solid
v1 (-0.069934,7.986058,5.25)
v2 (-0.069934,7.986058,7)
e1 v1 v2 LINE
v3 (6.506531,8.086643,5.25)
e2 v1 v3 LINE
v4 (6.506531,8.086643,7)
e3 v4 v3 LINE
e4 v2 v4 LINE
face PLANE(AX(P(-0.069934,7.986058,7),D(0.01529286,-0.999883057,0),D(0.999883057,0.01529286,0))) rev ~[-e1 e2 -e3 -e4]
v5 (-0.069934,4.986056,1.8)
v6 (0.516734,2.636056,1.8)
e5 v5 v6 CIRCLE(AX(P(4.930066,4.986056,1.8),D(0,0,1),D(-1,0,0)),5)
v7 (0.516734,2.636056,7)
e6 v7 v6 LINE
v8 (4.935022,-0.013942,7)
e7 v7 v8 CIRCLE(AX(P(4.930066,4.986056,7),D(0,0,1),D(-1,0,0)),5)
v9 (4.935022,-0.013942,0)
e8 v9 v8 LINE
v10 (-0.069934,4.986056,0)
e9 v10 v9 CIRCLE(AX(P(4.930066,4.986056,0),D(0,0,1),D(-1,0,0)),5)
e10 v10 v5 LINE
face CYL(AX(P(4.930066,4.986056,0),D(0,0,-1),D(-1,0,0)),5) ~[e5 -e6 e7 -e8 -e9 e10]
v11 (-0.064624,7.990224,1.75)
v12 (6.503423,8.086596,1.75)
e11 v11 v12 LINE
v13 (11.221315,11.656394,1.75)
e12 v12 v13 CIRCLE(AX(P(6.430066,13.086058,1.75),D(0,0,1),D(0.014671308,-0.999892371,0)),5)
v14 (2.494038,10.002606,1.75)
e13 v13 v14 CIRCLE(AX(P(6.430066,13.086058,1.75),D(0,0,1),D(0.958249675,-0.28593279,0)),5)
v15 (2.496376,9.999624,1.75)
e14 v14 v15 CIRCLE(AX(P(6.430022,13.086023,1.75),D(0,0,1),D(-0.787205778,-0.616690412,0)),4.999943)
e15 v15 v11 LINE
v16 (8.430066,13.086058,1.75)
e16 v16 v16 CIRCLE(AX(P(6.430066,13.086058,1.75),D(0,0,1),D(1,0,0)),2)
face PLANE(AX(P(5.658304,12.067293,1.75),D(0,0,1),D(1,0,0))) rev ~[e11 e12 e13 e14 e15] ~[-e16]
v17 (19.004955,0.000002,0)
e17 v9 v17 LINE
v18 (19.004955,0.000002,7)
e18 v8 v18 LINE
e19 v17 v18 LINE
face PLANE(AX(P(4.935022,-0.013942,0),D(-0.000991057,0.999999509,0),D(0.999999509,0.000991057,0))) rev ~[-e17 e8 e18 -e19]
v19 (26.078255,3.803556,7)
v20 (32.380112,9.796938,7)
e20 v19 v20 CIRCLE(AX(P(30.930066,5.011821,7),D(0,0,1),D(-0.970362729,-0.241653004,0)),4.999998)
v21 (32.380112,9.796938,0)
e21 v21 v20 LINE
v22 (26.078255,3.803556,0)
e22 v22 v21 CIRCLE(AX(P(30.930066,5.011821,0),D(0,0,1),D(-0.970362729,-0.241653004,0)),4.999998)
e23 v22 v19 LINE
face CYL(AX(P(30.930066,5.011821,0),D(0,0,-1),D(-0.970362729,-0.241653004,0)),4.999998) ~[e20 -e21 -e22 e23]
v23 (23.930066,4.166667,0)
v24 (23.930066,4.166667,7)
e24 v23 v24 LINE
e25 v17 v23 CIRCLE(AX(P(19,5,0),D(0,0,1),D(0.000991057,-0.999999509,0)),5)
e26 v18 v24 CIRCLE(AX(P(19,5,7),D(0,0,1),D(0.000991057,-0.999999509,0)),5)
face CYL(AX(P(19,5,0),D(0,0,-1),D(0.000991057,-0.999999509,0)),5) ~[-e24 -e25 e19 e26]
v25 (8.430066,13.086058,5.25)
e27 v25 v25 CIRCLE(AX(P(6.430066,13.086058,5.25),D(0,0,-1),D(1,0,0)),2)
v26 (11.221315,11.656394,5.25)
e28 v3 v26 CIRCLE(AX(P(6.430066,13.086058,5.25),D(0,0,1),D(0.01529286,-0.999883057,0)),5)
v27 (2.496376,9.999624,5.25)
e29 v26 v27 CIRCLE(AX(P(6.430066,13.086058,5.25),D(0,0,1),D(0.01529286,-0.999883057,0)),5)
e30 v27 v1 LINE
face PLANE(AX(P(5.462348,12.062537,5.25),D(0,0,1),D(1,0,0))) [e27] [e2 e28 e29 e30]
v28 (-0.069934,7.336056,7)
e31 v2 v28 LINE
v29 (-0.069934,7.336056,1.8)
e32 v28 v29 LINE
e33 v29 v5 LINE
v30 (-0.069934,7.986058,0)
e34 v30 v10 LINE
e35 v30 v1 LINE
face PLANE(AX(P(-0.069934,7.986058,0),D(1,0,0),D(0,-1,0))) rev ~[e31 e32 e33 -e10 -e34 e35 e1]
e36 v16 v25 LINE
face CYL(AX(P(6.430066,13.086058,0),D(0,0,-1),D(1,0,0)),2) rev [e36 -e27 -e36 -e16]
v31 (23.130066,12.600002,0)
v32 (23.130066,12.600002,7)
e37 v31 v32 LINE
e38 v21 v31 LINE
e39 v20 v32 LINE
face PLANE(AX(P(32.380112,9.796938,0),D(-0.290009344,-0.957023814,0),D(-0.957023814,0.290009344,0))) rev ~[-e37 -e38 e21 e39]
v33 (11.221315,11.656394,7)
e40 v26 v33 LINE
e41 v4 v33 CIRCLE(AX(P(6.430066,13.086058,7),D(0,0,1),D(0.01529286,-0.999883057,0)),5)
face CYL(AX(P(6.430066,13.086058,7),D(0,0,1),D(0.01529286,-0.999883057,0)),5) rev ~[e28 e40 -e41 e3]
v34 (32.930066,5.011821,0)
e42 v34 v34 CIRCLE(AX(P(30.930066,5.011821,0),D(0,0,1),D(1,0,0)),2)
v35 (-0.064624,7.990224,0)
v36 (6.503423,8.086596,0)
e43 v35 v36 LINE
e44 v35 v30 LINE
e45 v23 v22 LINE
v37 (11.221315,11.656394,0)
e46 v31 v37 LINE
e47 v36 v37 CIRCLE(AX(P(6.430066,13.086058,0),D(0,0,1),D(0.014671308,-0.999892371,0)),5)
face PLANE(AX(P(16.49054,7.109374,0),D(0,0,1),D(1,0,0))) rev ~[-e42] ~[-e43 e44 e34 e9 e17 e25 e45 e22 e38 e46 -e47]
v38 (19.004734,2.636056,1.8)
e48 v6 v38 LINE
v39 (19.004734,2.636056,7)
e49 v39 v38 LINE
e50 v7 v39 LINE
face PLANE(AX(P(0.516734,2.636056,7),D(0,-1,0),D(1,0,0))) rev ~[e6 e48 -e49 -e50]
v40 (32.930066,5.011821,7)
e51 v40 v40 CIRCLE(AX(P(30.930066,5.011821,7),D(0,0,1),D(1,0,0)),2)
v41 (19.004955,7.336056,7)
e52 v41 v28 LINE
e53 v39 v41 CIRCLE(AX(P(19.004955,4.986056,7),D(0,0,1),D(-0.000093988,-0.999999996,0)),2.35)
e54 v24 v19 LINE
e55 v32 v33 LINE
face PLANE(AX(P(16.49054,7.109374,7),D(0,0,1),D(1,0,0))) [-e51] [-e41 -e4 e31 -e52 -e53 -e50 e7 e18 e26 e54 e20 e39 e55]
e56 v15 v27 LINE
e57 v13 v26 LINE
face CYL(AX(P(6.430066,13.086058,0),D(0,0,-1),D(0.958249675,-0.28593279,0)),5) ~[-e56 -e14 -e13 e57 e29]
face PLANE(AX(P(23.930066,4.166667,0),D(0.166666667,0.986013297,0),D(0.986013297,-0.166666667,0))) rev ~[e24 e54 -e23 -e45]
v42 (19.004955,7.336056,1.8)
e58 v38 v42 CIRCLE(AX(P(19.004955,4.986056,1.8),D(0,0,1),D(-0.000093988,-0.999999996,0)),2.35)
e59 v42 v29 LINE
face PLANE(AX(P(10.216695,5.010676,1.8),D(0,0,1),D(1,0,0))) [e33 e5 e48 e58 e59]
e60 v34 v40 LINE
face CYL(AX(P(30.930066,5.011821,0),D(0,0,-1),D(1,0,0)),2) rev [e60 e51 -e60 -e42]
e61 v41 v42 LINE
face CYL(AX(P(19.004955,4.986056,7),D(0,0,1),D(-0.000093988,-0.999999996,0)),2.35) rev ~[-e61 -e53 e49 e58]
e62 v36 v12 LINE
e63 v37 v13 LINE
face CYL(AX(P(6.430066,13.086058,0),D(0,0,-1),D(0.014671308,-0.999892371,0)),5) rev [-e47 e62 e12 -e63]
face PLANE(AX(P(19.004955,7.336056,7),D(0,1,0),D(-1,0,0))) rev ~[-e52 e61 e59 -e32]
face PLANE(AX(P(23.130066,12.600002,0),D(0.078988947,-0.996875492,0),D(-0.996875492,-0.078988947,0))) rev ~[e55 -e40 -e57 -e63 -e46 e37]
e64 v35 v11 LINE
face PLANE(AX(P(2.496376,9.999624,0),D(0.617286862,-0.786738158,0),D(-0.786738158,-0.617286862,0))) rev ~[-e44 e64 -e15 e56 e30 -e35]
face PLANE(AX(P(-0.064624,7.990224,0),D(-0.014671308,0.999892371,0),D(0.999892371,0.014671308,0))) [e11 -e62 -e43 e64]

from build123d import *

# Parameters (mm, degrees)
F0_R     = 2
F1_DEPTH = 7
F3_DEPTH = 5.2
F4_R     = 2
F5_DEPTH = 1.75
F7_DEPTH = 1.75


with BuildPart() as f1:
    # F0 (on Top) → F1 (new body)
    with BuildSketch(Plane.XY):
        with BuildLine():
            Line((4.9350217689, -0.0139416518), (19.004955283, 2.4555e-06))
            ThreePointArc((19.004955283, 2.4555e-06), (22.2293780558, 1.1827867006), (23.9300664859, 4.1666666667))
            Line((23.9300664859, 4.1666666667), (26.0782552237, 3.8035564963))
            ThreePointArc((26.0782552237, 3.8035564963), (34.3758111212, 1.3887256489), (32.3801124961, 9.7969376403))
            Line((32.3801124961, 9.7969376403), (23.1300664859, 12.6000024555))
            Line((23.1300664859, 12.6000024555), (11.221314861, 11.6563943987))
            ThreePointArc((11.221314861, 11.6563943987), (5.4972893091, 17.9982805275), (2.4963756955, 9.9996240357))
            Line((2.4963756955, 9.9996240357), (-0.0699335141, 7.9860583482))
            Line((-0.0699335141, 7.9860583482), (-0.0699335141, 4.9860558927))
            ThreePointArc((-0.0699335141, 4.9860558927), (1.3962849714, 1.4487704636), (4.9350217689, -0.0139416518))
        make_face()
        with Locations((30.9300664859, 5.0118209214)):
            Circle(F0_R, mode=Mode.SUBTRACT)
        with Locations((6.4300664859, 13.0860583482)):
            Circle(F0_R, mode=Mode.SUBTRACT)
    extrude(amount=F1_DEPTH)

    # F2 (on face) → F3 (cut)
    with BuildSketch(Plane.XY.offset(7)):
        with BuildLine():
            Line((19.004955283, 7.3360559031), (-0.0699335141, 7.3360559031))
            Line((-0.0699335141, 7.3360559031), (-0.0699335141, 4.9860558927))
            ThreePointArc((-0.0699335141, 4.9860558927), (0.0789501004, 3.7749944518), (0.5167344114, 2.6360558927))
            Line((0.5167344114, 2.6360558927), (19.0047344114, 2.6360558927))
            ThreePointArc((19.0047344114, 2.6360558927), (21.3549552908, 4.985945457), (19.004955283, 7.3360559031))
        make_face()
    extrude(amount=-F3_DEPTH, mode=Mode.SUBTRACT)

    # F4 (on face) → F5 (cut)
    with BuildSketch(Plane.XY):
        with BuildLine():
            Line((-0.064623992, 7.9902242809), (6.5034230268, 8.0865964954))
            ThreePointArc((6.5034230268, 8.0865964954), (9.4470118806, 9.0988236567), (11.221314861, 11.6563943987))
            ThreePointArc((11.221314861, 11.6563943987), (5.4991508888, 17.9986336557), (2.494037584, 10.0026063081))
            ThreePointArc((2.494037584, 10.0026063081), (2.4952063572, 10.0011149504), (2.4963756955, 9.9996240357))
            Line((2.4963756955, 9.9996240357), (-0.064623992, 7.9902242809))
        make_face()
        with Locations((6.4300664859, 13.0860583482)):
            Circle(F4_R, mode=Mode.SUBTRACT)
    extrude(amount=F5_DEPTH, mode=Mode.SUBTRACT)

    # F6 (on face) → F7 (cut)
    with BuildSketch(Plane.XY.offset(7)):
        with BuildLine():
            Line((-0.0699335141, 7.9860583482), (6.5065307879, 8.0866430614))
            ThreePointArc((6.5065307879, 8.0866430614), (8.5828375136, 17.5988819546), (2.4963756955, 9.9996240357))
            Line((2.4963756955, 9.9996240357), (-0.0699335141, 7.9860583482))
        make_face()
    extrude(amount=-F7_DEPTH, mode=Mode.SUBTRACT)


solid = f1.part
